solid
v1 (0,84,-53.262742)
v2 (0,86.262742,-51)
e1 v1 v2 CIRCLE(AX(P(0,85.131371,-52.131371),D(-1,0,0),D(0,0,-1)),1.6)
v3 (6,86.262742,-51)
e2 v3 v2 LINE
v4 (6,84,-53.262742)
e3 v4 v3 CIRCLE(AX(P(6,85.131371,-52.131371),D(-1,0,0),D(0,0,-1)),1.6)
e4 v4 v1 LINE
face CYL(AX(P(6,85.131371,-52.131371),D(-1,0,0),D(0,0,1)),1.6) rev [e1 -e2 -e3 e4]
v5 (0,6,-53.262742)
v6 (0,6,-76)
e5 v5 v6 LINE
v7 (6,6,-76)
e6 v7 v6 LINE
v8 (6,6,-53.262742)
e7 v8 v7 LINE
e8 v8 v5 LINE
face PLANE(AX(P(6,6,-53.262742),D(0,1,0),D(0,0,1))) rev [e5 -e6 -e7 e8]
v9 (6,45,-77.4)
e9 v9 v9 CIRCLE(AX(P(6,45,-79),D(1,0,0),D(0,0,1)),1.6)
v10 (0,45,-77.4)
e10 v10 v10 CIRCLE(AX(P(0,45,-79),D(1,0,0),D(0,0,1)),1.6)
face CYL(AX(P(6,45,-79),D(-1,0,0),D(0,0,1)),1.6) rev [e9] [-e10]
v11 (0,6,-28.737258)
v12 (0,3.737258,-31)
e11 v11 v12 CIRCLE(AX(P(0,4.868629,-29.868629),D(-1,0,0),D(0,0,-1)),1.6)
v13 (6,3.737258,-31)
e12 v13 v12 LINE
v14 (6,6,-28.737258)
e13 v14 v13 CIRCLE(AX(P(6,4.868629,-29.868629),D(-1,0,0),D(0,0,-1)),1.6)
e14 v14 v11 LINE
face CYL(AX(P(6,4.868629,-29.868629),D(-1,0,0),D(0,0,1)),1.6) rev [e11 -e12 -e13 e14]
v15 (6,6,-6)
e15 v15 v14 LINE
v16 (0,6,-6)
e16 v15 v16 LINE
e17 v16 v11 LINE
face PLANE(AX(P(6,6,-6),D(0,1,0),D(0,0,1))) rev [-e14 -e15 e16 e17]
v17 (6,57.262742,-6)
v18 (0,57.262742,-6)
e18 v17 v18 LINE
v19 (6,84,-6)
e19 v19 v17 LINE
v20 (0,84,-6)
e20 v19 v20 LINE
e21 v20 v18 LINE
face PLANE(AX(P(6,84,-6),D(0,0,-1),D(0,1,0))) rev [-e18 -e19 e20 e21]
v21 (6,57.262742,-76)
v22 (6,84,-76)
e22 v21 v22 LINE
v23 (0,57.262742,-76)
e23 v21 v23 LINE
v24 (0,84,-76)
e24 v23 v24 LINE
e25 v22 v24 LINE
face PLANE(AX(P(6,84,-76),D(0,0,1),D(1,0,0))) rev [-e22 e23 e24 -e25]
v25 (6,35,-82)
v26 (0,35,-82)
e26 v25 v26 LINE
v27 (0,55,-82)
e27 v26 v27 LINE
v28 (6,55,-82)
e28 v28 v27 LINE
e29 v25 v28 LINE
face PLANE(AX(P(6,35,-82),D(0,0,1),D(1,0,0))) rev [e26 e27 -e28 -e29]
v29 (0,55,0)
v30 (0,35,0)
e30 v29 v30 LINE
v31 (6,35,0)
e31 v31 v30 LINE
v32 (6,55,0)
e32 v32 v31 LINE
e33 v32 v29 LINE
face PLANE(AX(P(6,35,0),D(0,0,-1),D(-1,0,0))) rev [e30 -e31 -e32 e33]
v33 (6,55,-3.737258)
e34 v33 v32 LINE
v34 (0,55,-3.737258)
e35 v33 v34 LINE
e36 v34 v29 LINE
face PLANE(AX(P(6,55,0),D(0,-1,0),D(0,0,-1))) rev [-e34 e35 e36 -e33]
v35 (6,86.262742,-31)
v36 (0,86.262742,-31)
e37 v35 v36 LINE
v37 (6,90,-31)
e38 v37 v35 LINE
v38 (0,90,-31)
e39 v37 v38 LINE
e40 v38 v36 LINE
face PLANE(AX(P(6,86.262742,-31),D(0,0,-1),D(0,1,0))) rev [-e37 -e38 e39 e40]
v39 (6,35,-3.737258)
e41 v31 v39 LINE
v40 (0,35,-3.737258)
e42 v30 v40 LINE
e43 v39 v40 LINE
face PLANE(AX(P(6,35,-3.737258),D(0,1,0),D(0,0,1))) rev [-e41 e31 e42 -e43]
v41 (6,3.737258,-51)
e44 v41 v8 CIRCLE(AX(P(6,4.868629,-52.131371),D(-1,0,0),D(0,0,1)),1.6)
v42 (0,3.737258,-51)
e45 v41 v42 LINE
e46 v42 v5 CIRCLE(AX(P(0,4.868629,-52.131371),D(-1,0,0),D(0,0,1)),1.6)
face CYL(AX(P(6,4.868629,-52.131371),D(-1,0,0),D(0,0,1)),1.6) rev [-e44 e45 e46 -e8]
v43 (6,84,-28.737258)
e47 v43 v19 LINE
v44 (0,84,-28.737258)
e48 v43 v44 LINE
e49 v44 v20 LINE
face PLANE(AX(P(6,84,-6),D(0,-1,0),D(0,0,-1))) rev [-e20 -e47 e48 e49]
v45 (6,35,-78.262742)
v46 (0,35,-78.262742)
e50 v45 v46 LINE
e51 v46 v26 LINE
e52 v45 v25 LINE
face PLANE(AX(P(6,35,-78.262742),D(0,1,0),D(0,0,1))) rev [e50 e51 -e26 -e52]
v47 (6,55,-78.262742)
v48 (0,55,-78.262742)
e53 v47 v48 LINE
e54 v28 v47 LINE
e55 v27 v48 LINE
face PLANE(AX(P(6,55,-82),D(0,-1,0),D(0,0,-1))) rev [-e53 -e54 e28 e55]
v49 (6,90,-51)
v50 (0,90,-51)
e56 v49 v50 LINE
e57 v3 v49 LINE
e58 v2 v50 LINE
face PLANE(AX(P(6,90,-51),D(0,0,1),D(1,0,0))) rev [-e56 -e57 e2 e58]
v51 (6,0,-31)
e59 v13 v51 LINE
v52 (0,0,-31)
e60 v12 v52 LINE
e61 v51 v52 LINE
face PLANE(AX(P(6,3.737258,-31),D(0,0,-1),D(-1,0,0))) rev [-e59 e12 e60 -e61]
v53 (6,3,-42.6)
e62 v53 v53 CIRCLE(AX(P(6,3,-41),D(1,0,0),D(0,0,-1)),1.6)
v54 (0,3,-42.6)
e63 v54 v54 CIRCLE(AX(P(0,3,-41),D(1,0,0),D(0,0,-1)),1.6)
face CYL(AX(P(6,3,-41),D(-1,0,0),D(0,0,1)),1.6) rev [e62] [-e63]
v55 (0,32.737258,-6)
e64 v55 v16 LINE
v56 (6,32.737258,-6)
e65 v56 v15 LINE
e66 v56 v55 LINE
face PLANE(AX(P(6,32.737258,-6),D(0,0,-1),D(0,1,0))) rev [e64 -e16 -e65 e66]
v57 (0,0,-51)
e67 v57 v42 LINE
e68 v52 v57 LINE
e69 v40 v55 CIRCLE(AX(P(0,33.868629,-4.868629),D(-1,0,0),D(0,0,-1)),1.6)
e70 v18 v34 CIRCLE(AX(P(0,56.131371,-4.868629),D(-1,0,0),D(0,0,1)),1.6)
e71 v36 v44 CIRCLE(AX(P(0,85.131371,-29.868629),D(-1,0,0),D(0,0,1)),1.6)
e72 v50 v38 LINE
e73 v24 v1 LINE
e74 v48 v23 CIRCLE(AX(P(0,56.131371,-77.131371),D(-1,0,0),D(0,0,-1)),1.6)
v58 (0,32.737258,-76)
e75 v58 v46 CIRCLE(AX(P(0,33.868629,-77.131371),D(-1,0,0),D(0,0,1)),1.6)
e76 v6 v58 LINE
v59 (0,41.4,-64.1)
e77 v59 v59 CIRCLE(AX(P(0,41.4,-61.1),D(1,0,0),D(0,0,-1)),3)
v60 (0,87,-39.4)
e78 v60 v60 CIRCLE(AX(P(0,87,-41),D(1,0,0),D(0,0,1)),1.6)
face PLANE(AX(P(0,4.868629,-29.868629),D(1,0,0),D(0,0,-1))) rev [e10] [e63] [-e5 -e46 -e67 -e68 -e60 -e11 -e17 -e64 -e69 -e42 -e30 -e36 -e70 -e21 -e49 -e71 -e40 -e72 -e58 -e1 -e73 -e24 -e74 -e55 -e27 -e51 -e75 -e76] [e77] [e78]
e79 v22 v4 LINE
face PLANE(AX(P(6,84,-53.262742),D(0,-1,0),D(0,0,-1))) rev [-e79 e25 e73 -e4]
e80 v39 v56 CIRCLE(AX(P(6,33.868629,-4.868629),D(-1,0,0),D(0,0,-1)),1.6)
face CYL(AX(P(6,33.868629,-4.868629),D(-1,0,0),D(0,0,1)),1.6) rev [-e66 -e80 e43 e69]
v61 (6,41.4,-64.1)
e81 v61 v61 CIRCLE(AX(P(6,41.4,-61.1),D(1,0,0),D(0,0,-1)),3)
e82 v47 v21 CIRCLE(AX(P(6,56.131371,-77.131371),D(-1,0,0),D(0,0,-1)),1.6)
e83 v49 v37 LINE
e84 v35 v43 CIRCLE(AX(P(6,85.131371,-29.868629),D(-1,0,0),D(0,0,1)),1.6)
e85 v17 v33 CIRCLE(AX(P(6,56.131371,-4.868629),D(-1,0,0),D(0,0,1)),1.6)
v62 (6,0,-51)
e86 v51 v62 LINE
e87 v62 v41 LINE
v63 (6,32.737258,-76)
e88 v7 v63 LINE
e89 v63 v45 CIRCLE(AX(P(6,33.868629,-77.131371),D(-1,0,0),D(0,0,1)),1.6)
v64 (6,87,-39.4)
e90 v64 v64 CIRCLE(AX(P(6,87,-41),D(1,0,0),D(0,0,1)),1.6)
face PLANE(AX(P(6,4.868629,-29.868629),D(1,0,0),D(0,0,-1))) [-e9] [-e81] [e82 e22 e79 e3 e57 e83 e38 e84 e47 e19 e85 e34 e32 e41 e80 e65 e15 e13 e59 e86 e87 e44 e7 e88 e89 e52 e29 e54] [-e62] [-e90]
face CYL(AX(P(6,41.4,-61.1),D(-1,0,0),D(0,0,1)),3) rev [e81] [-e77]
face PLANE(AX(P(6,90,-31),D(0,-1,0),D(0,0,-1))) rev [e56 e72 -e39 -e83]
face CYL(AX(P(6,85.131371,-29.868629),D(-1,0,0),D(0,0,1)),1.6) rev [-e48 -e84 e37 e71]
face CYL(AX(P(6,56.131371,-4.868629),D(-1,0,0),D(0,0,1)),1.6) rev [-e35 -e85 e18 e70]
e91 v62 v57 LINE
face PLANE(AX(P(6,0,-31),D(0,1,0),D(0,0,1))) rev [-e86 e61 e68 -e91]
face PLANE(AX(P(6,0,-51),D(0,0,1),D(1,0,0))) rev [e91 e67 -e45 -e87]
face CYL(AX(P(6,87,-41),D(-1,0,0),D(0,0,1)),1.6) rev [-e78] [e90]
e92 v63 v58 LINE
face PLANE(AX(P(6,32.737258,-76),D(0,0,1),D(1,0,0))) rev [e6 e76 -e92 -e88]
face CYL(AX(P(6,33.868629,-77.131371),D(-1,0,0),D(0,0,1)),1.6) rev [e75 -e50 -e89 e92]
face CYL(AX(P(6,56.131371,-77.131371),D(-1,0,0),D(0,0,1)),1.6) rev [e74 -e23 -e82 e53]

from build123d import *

# Parameters (mm, degrees)
ESQUISSE1_R        = 1.6
ESQUISSE1_R_2      = 3
BOSS_EXTRU_1_DEPTH = 6


with BuildPart() as part:
    # Esquisse1 → Boss.-Extru.1 (new body)
    with BuildSketch(Plane(origin=(0, 0, 0), x_dir=(0, 0, -1), z_dir=(1, 0, 0))):
        with BuildLine():
            Line((6, 32.7372583), (6, 6))
            Line((6, 6), (28.7372583, 6))
            ThreePointArc((28.7372583, 6), (31, 6), (31, 3.7372583))
            Line((31, 3.7372583), (31, 0))
            Line((31, 0), (51, 0))
            Line((51, 0), (51, 3.7372583))
            ThreePointArc((51, 3.7372583), (51, 6), (53.2627417, 6))
            Line((53.2627417, 6), (76, 6))
            Line((76, 6), (76, 32.7372583))
            ThreePointArc((76, 32.7372583), (76, 35), (78.2627417, 35))
            Line((78.2627417, 35), (82, 35))
            Line((82, 35), (82, 55))
            Line((82, 55), (78.2627417, 55))
            ThreePointArc((78.2627417, 55), (76, 55), (76, 57.2627417))
            Line((76, 57.2627417), (76, 84))
            Line((76, 84), (53.2627417, 84))
            ThreePointArc((53.2627417, 84), (51, 84), (51, 86.2627417))
            Line((51, 86.2627417), (51, 90))
            Line((51, 90), (31, 90))
            Line((31, 90), (31, 86.2627417))
            ThreePointArc((31, 86.2627417), (31, 84), (28.7372583, 84))
            Line((28.7372583, 84), (6, 84))
            Line((6, 84), (6, 57.2627417))
            ThreePointArc((6, 57.2627417), (6, 55), (3.7372583, 55))
            Line((3.7372583, 55), (0, 55))
            Line((0, 55), (0, 35))
            Line((0, 35), (3.7372583, 35))
            ThreePointArc((3.7372583, 35), (6, 35), (6, 32.7372583))
        make_face()
        with Locations((41, 3)):
            Circle(ESQUISSE1_R, mode=Mode.SUBTRACT)
        with Locations(Location((79, 45, 0), (0, 0, 180))):  # turned: the seam where the file's is
            Circle(ESQUISSE1_R, mode=Mode.SUBTRACT)
        with Locations(Location((41, 87, 0), (0, 0, 180))):  # turned: the seam where the file's is
            Circle(ESQUISSE1_R, mode=Mode.SUBTRACT)
        with Locations((61.1, 41.4)):
            Circle(ESQUISSE1_R_2, mode=Mode.SUBTRACT)
    extrude(amount=BOSS_EXTRU_1_DEPTH)


solid = part.part
